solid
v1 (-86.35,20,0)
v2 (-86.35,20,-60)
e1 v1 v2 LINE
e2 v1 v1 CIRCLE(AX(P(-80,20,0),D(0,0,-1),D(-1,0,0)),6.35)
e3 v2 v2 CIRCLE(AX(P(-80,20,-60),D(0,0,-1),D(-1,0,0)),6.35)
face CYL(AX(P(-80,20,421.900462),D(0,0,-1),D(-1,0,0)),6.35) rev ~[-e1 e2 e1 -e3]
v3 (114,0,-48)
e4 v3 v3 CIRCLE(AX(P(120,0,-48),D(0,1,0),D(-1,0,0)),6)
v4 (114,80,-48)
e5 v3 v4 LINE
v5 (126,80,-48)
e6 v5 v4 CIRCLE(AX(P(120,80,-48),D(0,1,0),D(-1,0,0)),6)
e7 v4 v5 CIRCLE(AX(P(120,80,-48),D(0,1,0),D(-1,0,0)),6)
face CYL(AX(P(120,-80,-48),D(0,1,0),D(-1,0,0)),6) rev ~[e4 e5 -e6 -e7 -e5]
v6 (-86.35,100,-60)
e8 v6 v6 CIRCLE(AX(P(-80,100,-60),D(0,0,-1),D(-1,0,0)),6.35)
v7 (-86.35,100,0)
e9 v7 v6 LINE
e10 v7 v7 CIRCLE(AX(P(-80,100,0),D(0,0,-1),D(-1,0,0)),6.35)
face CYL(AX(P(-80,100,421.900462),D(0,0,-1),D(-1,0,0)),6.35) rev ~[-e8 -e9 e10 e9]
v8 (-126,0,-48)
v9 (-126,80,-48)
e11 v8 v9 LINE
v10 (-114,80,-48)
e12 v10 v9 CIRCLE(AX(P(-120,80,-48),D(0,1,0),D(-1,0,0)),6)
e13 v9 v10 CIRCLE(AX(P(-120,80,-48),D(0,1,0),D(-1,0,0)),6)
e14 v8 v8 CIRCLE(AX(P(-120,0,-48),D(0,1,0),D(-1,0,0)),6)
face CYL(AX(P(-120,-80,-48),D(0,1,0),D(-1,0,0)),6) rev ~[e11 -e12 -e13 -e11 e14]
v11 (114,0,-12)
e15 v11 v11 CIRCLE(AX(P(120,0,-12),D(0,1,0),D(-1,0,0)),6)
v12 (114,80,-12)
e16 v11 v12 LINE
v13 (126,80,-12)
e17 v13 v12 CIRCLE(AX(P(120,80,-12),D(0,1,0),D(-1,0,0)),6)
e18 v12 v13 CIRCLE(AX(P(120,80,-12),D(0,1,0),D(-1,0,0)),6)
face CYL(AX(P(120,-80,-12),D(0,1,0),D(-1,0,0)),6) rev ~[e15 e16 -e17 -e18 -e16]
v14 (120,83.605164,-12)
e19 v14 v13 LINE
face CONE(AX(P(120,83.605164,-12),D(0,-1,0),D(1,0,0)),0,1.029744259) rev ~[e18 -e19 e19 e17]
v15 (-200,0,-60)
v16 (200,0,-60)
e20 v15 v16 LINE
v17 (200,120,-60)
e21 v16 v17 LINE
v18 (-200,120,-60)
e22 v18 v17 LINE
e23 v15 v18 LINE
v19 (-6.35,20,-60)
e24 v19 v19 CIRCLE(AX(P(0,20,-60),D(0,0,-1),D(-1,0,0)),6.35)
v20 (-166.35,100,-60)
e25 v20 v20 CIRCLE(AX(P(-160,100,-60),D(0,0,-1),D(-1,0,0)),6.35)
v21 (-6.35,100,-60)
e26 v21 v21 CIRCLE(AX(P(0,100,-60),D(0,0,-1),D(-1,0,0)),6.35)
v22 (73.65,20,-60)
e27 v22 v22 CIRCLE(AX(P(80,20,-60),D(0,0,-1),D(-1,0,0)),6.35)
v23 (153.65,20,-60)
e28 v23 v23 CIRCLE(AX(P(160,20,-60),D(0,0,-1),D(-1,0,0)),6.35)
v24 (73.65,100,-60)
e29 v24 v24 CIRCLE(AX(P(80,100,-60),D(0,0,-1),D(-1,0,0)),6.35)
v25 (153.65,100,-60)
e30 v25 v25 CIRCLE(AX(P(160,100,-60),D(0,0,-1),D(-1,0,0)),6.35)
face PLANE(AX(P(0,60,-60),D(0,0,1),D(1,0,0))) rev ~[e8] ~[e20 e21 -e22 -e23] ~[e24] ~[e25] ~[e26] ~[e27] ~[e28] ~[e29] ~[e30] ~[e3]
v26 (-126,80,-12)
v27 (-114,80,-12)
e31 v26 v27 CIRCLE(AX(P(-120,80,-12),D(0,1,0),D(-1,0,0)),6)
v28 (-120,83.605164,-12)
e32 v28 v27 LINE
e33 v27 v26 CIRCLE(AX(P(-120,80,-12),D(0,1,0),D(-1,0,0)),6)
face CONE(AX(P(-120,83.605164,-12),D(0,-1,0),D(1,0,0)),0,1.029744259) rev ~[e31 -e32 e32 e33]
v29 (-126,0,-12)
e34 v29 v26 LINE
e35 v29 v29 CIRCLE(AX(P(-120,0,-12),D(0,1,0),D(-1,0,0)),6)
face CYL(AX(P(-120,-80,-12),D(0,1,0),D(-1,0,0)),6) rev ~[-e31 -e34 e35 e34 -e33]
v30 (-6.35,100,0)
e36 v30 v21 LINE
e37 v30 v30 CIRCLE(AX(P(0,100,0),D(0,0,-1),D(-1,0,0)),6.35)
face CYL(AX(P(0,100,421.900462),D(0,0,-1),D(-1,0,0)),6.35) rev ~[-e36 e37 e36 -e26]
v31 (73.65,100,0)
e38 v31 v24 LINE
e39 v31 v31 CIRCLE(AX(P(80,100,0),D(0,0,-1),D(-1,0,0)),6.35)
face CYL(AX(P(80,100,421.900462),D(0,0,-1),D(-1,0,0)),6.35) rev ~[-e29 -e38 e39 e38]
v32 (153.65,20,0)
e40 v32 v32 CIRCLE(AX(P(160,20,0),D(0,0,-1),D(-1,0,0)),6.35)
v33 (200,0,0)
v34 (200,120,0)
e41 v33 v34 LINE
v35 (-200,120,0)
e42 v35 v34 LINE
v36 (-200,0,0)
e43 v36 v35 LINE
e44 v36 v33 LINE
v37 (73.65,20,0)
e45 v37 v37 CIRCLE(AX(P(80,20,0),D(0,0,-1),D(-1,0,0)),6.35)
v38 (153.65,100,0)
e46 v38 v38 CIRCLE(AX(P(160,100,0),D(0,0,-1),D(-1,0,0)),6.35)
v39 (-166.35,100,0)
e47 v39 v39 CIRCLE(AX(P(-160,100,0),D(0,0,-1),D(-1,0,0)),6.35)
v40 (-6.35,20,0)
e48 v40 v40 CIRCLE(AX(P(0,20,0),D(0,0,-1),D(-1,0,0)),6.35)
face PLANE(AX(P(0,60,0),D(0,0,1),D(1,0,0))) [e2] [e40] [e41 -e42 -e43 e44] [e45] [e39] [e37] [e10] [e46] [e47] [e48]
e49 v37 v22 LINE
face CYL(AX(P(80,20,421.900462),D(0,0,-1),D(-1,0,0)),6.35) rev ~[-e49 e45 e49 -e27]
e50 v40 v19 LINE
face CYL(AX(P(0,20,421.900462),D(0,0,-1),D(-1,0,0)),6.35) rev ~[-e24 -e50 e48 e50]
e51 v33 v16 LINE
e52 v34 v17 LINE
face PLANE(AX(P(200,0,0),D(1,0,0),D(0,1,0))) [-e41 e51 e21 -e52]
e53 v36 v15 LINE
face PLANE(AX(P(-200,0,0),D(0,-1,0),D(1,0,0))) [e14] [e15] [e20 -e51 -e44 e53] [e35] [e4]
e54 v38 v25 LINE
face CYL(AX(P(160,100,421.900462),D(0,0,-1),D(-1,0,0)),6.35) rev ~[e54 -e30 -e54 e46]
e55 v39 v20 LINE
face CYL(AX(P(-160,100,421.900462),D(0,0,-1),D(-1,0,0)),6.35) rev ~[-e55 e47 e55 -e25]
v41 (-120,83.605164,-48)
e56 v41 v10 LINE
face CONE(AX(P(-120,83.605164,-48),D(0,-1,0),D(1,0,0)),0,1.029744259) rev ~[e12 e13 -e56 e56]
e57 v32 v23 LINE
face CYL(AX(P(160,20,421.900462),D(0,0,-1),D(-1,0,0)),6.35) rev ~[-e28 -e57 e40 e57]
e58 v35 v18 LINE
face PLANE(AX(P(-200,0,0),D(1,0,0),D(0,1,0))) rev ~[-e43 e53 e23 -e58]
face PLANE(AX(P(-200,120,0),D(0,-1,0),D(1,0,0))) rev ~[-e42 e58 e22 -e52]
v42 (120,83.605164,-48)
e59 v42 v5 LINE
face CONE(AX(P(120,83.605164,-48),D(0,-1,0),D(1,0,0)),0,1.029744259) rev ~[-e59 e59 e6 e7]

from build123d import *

# Parameters (mm, degrees)
F0_W     = 400
F0_H     = 120
F0_R     = 12.7
F0_R_2   = 6.35
F1_DEPTH = 60
F3_D     = 12
F3_DEPTH = 80
F3_TIP   = 3.6051637142
F4_D     = 12.7


with BuildPart() as f1:
    # F0 (on Top) → F1 (new body)
    with BuildSketch(Plane.XY):
        with Locations((0, 60)):
            Rectangle(F0_W, F0_H)
        with Locations((-80, 20)):
            Circle(F0_R, mode=Mode.SUBTRACT)
        with Locations((0, 20)):
            Circle(F0_R, mode=Mode.SUBTRACT)
        with Locations((80, 20)):
            Circle(F0_R, mode=Mode.SUBTRACT)
        with Locations((160, 20)):
            Circle(F0_R, mode=Mode.SUBTRACT)
        with Locations((-160, 100)):
            Circle(F0_R, mode=Mode.SUBTRACT)
        with Locations((-80, 100)):
            Circle(F0_R, mode=Mode.SUBTRACT)
        with Locations((0, 100)):
            Circle(F0_R, mode=Mode.SUBTRACT)
        with Locations((80, 100)):
            Circle(F0_R, mode=Mode.SUBTRACT)
        with Locations((160, 100)):
            Circle(F0_R, mode=Mode.SUBTRACT)
        with Locations((-160, 100)):
            Circle(F0_R)
        with Locations((-160, 100)):
            Circle(F0_R_2, mode=Mode.SUBTRACT)
        with Locations((-80, 100)):
            Circle(F0_R)
        with Locations((-80, 100)):
            Circle(F0_R_2, mode=Mode.SUBTRACT)
        with Locations((0, 100)):
            Circle(F0_R)
        with Locations((0, 100)):
            Circle(F0_R_2, mode=Mode.SUBTRACT)
        with Locations((80, 100)):
            Circle(F0_R)
        with Locations((80, 100)):
            Circle(F0_R_2, mode=Mode.SUBTRACT)
        with Locations((160, 100)):
            Circle(F0_R)
        with Locations((160, 100)):
            Circle(F0_R_2, mode=Mode.SUBTRACT)
        with Locations((80, 20)):
            Circle(F0_R)
        with Locations((80, 20)):
            Circle(F0_R_2, mode=Mode.SUBTRACT)
        with Locations((160, 20)):
            Circle(F0_R)
        with Locations((160, 20)):
            Circle(F0_R_2, mode=Mode.SUBTRACT)
        with Locations((0, 20)):
            Circle(F0_R)
        with Locations((0, 20)):
            Circle(F0_R_2, mode=Mode.SUBTRACT)
        with Locations((-80, 20)):
            Circle(F0_R)
        with Locations((-80, 20)):
            Circle(F0_R_2, mode=Mode.SUBTRACT)
        with Locations((-160, 100)):
            Circle(F0_R_2)
        with Locations((-80, 100)):
            Circle(F0_R_2)
        with Locations((0, 100)):
            Circle(F0_R_2)
        with Locations((80, 100)):
            Circle(F0_R_2)
        with Locations((160, 100)):
            Circle(F0_R_2)
        with Locations((80, 20)):
            Circle(F0_R_2)
        with Locations((160, 20)):
            Circle(F0_R_2)
        with Locations((0, 20)):
            Circle(F0_R_2)
        with Locations((-80, 20)):
            Circle(F0_R_2)
    extrude(amount=-F1_DEPTH)

    # F3
    with Locations(Plane.XZ):
        with Locations((-120, -12), (-120, -48), (120, -48), (120, -12)):
            Hole(F3_D / 2, depth=F3_DEPTH)
            with Locations((0, 0, -(F3_DEPTH + F3_TIP / 2))):  # 118° drill point
                Cone(0, F3_D / 2, F3_TIP, mode=Mode.SUBTRACT)

    # F4 (through all)
    with Locations(Plane.XY):
        with Locations((-80, 20), (-80, 100), (-160, 100), (0, 100), (0, 20), (80, 20), (80, 100), (160, 100), (160, 20)):
            Hole(F4_D / 2)


solid = f1.part
